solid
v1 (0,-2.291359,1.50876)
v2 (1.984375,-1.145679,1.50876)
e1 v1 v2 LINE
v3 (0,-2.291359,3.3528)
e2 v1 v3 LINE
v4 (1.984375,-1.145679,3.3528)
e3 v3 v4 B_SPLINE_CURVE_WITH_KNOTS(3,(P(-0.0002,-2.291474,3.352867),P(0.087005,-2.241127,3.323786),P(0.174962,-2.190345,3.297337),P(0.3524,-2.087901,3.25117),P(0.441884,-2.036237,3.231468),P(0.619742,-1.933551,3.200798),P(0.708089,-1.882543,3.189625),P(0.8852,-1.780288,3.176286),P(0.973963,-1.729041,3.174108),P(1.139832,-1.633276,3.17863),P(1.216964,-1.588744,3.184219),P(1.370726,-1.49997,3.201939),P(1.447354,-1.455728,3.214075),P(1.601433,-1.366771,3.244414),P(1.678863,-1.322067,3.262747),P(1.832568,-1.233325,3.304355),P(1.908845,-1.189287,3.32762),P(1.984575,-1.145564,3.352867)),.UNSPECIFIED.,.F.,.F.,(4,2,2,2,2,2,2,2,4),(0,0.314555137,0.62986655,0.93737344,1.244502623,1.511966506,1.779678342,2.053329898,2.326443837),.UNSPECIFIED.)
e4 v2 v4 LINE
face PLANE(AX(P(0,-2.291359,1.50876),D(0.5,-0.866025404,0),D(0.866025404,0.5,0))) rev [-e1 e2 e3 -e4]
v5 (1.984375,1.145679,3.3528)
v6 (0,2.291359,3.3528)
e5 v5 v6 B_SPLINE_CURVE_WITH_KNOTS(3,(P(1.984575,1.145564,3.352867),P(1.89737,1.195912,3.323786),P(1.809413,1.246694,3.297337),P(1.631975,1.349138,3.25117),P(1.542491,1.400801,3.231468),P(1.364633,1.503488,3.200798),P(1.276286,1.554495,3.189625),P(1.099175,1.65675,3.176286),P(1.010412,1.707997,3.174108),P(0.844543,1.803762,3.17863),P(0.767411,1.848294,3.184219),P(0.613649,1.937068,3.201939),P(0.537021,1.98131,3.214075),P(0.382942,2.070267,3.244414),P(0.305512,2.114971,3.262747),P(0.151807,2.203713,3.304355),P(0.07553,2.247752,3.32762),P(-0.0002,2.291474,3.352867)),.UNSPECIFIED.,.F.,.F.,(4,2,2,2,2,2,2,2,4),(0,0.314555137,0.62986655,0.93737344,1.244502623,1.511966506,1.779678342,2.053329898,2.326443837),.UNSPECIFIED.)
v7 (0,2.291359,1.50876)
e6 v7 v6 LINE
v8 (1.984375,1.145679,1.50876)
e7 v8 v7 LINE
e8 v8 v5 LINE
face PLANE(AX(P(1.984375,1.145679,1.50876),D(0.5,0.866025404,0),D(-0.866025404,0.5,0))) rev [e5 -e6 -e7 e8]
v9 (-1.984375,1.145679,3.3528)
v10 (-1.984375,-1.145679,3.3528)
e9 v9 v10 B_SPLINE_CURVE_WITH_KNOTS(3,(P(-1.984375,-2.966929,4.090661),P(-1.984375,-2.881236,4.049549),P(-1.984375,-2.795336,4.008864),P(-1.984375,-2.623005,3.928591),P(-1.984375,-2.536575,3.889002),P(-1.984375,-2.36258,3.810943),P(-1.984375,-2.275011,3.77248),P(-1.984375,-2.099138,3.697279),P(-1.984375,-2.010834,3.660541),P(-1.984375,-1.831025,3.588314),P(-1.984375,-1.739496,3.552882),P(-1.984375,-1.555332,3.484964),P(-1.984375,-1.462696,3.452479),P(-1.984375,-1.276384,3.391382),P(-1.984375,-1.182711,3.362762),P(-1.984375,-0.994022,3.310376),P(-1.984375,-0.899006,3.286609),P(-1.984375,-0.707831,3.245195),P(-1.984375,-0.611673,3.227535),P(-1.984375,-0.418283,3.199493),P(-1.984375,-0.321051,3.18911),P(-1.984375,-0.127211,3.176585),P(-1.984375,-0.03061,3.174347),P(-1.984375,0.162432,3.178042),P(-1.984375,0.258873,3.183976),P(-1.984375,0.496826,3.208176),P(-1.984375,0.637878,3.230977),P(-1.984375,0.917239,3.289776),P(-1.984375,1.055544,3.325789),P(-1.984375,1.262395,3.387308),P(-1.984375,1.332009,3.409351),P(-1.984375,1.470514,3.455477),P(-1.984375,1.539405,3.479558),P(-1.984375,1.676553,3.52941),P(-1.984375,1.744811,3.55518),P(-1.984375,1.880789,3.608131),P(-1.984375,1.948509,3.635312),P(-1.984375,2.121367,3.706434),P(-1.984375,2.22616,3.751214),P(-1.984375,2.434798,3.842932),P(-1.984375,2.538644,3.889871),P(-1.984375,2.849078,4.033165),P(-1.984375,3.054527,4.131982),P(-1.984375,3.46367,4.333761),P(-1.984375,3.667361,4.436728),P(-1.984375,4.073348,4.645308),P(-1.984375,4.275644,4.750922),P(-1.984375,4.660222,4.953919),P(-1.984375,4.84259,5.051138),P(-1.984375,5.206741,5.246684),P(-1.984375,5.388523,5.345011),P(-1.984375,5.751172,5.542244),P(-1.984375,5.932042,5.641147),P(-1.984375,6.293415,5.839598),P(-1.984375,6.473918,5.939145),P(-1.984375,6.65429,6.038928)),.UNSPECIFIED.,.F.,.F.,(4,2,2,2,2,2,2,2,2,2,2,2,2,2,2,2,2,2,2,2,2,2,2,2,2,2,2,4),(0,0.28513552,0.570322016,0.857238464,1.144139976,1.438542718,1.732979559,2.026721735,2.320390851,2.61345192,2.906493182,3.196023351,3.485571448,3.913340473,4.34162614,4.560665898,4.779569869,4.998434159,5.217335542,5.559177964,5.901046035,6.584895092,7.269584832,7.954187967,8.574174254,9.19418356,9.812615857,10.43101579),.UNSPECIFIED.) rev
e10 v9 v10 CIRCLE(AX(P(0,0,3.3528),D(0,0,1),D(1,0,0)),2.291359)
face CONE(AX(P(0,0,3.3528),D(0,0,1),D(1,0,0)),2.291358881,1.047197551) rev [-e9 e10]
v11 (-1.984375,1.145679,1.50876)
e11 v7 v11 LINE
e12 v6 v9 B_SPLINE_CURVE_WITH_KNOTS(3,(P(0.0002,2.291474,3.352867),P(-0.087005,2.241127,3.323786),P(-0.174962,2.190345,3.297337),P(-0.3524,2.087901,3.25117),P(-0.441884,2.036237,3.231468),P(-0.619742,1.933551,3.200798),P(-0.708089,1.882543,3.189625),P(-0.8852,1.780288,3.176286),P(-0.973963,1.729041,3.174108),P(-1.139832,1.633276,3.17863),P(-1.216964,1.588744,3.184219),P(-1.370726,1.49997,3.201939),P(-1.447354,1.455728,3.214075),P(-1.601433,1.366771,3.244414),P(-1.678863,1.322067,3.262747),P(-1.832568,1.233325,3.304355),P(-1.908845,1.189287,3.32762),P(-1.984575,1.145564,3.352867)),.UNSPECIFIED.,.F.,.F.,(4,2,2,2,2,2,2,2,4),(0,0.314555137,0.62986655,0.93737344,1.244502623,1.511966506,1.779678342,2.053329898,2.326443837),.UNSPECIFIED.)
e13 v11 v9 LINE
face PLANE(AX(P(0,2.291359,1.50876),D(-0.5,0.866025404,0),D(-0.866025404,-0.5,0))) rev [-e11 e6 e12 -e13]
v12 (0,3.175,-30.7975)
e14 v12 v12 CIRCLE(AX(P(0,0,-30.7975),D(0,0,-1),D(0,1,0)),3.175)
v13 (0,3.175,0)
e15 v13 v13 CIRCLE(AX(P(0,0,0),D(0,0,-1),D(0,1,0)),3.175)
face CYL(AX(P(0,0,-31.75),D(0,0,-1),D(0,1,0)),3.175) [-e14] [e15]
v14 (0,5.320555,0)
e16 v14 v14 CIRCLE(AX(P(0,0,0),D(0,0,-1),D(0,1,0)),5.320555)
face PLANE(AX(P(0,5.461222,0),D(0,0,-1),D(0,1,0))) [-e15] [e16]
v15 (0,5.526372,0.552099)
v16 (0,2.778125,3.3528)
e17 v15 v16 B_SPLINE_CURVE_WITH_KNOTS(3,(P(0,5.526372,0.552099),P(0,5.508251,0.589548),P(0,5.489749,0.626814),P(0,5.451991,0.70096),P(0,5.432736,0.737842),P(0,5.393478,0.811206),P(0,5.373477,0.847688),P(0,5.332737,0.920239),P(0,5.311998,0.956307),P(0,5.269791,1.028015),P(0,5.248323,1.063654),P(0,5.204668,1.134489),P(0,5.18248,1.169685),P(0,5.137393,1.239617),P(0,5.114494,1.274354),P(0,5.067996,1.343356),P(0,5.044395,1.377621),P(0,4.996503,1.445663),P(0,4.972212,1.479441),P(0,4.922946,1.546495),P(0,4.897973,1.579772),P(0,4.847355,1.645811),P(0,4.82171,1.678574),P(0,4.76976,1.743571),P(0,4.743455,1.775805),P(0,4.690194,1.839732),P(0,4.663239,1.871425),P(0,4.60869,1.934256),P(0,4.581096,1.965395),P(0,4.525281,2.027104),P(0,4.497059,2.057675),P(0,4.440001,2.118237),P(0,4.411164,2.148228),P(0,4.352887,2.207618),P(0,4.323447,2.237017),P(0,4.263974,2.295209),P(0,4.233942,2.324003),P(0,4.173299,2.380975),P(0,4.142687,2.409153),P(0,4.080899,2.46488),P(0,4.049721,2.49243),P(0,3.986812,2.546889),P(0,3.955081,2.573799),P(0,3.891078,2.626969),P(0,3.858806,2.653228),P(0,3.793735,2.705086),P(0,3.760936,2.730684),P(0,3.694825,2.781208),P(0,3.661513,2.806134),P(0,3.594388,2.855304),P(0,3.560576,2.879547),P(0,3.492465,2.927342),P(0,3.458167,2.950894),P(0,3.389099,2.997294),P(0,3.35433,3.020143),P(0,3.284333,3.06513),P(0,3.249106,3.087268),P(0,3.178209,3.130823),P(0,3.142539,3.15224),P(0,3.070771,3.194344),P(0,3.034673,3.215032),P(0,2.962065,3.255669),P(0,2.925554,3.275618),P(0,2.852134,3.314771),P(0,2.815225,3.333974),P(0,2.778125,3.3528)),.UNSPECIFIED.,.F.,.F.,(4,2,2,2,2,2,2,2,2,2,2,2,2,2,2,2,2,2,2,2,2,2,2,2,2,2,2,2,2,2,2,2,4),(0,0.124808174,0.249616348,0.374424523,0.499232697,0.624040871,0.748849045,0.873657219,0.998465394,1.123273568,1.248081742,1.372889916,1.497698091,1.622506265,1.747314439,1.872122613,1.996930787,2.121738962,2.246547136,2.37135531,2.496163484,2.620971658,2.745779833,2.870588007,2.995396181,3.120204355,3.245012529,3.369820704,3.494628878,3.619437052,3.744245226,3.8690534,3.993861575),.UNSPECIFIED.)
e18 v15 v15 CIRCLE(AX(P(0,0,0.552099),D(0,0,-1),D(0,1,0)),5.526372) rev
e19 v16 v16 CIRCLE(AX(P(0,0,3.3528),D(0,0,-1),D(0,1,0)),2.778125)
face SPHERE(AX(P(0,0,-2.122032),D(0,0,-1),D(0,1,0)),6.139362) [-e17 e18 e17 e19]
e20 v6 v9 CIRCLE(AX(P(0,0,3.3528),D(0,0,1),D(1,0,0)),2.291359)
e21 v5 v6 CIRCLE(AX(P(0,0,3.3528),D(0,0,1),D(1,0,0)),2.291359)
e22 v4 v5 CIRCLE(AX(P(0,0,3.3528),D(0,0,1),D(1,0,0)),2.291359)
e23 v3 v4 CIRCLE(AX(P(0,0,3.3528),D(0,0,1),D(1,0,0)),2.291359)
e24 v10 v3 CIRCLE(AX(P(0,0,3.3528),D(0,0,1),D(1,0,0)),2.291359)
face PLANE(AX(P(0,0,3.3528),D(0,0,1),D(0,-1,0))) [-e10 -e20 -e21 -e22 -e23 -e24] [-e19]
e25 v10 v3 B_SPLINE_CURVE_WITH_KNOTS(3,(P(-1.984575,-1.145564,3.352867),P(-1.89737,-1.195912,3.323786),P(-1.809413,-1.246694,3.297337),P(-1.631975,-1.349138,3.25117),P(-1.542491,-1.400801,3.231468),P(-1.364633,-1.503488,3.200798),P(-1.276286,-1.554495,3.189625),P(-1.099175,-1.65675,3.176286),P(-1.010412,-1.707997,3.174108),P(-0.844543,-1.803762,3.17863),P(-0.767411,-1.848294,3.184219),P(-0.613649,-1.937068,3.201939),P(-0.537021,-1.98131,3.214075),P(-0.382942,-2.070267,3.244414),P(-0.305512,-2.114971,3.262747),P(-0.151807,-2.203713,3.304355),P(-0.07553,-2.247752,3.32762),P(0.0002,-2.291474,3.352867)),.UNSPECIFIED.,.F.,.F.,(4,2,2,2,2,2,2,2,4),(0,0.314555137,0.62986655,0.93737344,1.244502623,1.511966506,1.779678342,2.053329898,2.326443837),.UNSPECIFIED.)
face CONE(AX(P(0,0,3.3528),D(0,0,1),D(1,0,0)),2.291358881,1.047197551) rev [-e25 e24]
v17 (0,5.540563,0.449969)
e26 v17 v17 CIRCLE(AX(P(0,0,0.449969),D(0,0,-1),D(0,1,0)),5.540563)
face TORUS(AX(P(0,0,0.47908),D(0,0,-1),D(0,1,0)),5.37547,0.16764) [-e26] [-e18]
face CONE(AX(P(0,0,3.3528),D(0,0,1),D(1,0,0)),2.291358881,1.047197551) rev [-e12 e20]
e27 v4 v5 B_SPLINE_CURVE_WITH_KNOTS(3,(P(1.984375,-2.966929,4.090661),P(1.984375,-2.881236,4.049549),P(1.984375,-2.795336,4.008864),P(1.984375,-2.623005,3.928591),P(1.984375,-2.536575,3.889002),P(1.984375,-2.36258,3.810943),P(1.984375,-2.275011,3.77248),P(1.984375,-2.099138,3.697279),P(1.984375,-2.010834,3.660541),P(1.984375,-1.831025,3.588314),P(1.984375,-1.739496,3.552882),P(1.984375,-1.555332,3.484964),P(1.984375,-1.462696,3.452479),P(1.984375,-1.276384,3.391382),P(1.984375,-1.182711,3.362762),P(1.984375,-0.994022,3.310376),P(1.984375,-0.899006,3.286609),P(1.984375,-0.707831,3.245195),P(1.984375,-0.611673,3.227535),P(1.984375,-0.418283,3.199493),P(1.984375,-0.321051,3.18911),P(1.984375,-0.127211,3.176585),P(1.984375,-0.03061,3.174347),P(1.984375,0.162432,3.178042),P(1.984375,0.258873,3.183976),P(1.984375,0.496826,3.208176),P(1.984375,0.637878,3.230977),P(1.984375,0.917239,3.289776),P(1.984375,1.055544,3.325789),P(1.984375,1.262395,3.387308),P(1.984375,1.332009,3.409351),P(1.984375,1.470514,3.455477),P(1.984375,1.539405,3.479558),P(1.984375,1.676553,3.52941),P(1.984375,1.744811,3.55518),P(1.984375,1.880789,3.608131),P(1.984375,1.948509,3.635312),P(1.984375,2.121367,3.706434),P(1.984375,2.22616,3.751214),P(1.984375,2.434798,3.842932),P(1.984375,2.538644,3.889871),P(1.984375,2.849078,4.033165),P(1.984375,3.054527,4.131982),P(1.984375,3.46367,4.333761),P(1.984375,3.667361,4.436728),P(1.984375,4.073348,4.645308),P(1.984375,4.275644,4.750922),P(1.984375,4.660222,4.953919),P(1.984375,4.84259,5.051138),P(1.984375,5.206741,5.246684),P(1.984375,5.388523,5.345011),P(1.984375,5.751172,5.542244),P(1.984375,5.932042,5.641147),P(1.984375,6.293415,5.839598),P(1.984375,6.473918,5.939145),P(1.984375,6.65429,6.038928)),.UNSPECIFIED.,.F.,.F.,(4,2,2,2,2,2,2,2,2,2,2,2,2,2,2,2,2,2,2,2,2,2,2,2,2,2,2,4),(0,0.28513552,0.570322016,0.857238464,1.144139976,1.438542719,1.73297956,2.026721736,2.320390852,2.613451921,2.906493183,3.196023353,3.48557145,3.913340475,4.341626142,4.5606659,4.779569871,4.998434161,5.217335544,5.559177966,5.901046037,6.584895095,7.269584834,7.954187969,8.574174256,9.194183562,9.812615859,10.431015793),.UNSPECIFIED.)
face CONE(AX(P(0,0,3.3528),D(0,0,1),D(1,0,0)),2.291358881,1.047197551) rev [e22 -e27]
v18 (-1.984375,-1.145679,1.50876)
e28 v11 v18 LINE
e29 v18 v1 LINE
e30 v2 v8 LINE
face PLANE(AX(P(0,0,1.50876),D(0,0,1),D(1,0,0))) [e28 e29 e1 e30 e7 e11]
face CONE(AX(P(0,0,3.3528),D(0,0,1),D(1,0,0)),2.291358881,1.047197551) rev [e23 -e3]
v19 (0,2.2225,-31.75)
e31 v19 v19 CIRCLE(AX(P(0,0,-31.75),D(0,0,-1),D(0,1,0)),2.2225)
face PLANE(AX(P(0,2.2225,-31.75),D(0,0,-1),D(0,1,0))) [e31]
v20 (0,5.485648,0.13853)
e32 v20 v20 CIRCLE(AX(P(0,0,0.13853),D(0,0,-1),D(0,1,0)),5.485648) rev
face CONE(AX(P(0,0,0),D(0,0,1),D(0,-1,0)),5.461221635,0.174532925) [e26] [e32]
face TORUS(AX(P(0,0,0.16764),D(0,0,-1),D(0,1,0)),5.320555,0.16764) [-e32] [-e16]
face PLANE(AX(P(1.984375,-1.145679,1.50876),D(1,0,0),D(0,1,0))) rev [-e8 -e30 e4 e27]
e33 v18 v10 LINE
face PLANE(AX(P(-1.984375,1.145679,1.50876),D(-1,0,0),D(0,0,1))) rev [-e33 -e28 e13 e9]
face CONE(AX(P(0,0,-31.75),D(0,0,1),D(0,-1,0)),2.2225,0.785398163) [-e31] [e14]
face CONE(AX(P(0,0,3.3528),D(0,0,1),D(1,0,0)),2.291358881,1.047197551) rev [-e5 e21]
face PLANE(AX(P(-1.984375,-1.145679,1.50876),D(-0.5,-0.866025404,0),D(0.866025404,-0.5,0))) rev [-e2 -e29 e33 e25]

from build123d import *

# Parameters (mm, degrees)
CUT_EXTRUDE1_DEPTH = 1.84404
FILLET1_R          = 0.16764


with BuildPart() as part:
    # Sketch2 → Revolve1 (revolve)
    with BuildSketch(Plane(origin=(0, 0, 0), x_dir=(0, 0, -1), z_dir=(1, 0, 0))):
        with BuildLine():
            Line((31.75, 0), (-3.3528, 0))
            Line((-3.3528, 0), (-3.3528, 2.778125))
            ThreePointArc((-3.3528, 2.778125), (-2.158424687, 4.401074199), (-0.50292, 5.5499))
            Line((-0.50292, 5.5499), (0, 5.461221635))
            Line((0, 5.461221635), (0, 3.175))
            Line((0, 3.175), (30.7975, 3.175))
            Line((30.7975, 3.175), (31.75, 2.2225))
            Line((31.75, 2.2225), (31.75, 0))
        make_face()
    revolve(axis=Axis((0, 0, -31.75), (0, 0, 1)))

    # Sketch3 → Cut-Extrude1 (cut)
    with BuildSketch(Plane.XY.offset(3.3528)):
        Polygon((0, 2.291358881), (-1.984375, 1.14567944), (-1.984375, -1.14567944), (0, -2.291358881), (1.984375, -1.14567944), (1.984375, 1.14567944), align=None)
    extrude(amount=-CUT_EXTRUDE1_DEPTH, mode=Mode.SUBTRACT)

    # Cut-Extrude2 cone 1 section (through the dimple's axis) → Cut-Extrude2 (revolve, cut)
    with BuildSketch(Plane(origin=(0, 0, 3.3528), x_dir=(0, -1, 0), z_dir=(1, 0, 0))):
        Polygon((0, 0), (2.291358881, 0), (0, 1.322916667), align=None)
    revolve(axis=Axis((0, 0, 3.3528), (0, 0, -1)), mode=Mode.SUBTRACT)

    # Fillet1
    fillet1_edges = [part.edges().sort_by_distance(p)[0] for p in [
        (0, -5.5499, 0.50292),
        (0, -5.461221635, 0),
    ]]
    fillet(fillet1_edges, radius=FILLET1_R)


solid = part.part
